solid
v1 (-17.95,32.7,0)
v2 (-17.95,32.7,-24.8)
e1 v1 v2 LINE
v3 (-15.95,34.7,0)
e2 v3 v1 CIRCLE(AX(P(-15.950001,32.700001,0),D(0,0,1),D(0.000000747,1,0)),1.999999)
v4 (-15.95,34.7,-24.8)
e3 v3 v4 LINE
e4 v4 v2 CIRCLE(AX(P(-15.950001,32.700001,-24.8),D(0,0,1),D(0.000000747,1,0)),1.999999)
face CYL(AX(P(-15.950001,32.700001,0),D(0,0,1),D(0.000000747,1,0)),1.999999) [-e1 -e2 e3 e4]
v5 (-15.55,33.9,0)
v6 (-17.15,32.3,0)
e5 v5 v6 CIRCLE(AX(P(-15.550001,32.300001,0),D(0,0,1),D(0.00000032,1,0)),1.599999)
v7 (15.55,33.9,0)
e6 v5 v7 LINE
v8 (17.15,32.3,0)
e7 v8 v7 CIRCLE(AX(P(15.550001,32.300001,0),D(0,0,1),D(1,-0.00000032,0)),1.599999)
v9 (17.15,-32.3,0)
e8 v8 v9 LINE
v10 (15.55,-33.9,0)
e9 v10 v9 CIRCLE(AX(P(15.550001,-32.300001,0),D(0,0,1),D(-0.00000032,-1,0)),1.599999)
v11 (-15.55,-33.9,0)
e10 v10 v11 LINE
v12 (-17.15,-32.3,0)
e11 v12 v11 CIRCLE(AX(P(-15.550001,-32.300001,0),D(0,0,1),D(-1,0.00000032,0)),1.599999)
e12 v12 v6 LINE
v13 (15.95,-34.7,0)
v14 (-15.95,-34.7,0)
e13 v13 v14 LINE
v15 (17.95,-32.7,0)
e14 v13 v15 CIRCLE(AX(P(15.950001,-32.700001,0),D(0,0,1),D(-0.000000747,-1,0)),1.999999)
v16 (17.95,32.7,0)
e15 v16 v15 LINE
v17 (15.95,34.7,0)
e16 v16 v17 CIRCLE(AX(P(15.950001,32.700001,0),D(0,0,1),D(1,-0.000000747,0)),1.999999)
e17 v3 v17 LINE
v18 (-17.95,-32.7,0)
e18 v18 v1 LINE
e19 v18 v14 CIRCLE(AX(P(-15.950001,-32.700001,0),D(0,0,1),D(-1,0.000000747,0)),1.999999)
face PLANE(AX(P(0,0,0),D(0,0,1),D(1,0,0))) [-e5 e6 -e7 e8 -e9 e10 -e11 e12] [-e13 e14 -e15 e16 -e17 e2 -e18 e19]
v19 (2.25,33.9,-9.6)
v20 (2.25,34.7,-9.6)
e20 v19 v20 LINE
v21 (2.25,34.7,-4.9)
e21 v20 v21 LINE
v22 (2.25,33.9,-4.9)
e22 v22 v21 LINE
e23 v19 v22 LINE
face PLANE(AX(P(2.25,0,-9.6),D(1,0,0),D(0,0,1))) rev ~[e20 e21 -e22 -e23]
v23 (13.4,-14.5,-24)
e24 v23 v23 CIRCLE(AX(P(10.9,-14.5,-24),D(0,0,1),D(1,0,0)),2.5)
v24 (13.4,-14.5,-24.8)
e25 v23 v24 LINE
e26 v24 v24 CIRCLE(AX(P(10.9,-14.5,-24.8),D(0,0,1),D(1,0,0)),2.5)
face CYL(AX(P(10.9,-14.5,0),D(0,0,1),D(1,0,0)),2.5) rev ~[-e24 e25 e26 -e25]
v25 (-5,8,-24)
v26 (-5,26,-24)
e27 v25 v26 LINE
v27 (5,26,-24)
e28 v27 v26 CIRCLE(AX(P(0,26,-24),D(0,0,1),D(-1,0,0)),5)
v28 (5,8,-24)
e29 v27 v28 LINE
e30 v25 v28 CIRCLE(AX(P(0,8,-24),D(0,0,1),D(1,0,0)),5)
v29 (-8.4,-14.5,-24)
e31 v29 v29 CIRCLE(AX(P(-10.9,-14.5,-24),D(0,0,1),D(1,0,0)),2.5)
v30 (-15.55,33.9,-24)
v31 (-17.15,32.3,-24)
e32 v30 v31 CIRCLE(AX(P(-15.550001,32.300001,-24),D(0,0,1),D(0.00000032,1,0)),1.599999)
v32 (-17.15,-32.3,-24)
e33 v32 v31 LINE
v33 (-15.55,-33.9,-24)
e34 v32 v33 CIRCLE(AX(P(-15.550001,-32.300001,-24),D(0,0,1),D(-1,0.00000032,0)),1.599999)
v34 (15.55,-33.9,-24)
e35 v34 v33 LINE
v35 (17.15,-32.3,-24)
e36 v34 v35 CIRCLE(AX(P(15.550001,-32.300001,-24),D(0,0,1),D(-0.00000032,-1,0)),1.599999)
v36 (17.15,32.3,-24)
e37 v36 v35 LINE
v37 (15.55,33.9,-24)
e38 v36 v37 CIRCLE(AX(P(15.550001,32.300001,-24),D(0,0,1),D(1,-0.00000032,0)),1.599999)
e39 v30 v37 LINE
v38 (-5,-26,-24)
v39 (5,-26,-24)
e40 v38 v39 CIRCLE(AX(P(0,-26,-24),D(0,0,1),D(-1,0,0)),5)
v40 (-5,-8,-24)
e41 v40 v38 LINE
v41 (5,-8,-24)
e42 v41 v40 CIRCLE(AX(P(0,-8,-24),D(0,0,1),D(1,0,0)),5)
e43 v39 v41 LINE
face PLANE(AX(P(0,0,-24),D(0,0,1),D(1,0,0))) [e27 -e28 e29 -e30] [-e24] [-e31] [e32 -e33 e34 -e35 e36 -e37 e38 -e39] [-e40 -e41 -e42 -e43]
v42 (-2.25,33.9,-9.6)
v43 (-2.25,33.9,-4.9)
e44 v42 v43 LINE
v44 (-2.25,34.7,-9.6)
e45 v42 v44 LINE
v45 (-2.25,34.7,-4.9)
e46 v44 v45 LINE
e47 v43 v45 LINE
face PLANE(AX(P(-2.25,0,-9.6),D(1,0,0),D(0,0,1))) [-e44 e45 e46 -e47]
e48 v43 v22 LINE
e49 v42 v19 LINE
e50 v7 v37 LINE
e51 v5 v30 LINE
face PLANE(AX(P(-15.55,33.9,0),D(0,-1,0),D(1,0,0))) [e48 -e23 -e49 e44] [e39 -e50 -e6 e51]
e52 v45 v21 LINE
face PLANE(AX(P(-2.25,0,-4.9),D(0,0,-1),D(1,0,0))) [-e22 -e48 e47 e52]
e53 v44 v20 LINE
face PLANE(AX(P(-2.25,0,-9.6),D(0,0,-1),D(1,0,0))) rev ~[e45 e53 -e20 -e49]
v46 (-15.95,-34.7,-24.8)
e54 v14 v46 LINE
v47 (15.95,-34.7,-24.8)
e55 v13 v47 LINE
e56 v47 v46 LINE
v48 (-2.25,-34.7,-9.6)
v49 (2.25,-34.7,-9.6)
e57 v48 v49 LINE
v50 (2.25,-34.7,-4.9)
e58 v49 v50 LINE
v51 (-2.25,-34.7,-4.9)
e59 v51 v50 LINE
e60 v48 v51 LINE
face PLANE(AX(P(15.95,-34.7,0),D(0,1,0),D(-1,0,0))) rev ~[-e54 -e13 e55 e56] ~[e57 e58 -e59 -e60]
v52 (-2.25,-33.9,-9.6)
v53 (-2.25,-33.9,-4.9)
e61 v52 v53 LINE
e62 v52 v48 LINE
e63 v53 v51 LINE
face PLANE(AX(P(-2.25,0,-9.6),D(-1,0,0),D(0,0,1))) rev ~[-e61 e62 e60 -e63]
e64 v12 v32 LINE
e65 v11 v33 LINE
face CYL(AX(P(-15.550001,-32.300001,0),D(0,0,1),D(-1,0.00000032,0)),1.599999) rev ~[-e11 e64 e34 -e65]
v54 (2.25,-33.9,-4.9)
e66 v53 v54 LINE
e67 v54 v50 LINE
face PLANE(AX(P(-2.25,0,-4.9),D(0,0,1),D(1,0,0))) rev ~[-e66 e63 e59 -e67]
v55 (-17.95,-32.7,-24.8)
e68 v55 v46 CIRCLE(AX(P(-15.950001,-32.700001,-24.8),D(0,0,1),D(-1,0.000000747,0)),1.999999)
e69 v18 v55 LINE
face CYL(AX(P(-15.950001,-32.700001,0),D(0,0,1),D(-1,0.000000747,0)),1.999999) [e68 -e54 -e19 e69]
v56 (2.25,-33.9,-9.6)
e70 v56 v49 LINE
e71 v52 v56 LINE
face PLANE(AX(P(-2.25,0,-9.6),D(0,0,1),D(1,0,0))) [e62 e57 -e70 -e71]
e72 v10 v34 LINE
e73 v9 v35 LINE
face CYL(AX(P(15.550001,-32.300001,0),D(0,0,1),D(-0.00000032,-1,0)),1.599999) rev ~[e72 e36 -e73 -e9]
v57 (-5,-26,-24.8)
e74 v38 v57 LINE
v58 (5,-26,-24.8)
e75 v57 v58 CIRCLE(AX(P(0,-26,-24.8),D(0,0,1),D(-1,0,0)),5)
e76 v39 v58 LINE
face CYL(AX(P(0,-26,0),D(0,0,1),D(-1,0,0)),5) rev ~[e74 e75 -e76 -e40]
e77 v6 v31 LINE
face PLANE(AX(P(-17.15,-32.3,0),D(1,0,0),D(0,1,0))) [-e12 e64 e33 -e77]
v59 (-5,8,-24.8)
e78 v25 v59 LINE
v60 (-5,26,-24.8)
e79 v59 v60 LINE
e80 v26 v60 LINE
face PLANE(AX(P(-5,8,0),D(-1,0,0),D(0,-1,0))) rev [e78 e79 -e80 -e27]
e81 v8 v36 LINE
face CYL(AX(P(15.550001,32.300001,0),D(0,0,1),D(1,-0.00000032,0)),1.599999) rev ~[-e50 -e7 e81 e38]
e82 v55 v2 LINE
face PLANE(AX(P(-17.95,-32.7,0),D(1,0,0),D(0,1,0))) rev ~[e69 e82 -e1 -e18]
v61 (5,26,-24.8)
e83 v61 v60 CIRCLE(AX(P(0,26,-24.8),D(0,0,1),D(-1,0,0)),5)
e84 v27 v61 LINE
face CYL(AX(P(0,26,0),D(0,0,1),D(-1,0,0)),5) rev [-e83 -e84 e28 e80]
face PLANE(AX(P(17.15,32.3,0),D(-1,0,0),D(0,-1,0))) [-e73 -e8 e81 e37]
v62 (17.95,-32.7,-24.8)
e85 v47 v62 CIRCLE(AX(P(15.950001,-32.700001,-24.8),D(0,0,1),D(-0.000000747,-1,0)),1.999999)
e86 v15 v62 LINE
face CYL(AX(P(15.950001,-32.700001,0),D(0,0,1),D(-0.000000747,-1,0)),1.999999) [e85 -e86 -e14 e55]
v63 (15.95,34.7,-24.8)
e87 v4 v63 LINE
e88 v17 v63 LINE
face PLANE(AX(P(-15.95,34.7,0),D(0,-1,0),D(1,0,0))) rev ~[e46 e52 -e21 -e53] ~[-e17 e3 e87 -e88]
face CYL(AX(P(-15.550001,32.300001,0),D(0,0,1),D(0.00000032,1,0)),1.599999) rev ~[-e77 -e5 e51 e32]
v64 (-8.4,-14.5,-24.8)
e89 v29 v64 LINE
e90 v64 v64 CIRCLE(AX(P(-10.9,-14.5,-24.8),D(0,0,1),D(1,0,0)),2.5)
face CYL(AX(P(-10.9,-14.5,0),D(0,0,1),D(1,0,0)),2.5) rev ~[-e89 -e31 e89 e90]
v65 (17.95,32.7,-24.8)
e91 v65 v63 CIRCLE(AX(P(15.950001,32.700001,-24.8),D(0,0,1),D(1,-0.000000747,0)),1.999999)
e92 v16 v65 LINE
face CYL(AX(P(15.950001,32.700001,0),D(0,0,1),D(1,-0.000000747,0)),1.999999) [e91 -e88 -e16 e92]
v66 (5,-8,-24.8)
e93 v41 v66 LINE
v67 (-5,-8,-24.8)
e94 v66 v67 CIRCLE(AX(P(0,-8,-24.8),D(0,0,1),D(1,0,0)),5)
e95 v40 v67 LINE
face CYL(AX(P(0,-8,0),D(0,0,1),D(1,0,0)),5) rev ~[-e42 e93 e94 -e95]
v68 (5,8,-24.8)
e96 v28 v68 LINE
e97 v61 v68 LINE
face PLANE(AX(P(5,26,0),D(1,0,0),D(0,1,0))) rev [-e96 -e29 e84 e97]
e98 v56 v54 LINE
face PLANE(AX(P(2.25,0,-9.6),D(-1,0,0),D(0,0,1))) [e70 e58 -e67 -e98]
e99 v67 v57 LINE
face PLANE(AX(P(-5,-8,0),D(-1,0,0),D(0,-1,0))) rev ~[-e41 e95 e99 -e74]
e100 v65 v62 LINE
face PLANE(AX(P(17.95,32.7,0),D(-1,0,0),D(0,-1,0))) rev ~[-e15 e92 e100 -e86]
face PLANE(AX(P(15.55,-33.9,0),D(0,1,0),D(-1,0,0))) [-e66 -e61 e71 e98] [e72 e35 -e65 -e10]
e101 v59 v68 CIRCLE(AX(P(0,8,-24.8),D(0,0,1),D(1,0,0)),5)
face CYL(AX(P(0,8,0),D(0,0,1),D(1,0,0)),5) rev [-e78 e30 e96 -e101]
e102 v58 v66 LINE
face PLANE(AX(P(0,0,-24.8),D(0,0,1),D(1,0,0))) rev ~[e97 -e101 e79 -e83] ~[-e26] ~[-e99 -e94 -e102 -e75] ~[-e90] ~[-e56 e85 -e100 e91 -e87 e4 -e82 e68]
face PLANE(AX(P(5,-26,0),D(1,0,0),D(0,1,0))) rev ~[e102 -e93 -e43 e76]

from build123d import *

# Parameters (mm, degrees)
PAD_DEPTH            = 24.8
POCKET_DEPTH         = 24
SKETCH002_R          = 2.5
POCKET001_DEPTH      = 24.801
POCKET001_DEPTH_BACK = -0.001
POCKET002_DEPTH      = 188.754774
POCKET002_DEPTH_BACK = -163.954774
SKETCH004_W          = 4.5
SKETCH004_H          = 4.7
POCKET003_DEPTH      = 34.701
POCKET003_DEPTH_BACK = -34.701


with BuildPart() as part:
    # Sketch → Pad (new body)
    with BuildSketch(Plane.XY):
        with BuildLine():
            ThreePointArc((-15.95, 34.7), (-17.364214, 34.114214), (-17.95, 32.7))
            Line((-17.95, -32.7), (-17.95, 32.7))
            ThreePointArc((-17.95, -32.7), (-17.364214, -34.114214), (-15.95, -34.7))
            Line((15.95, -34.7), (-15.95, -34.7))
            ThreePointArc((15.95, -34.7), (17.364214, -34.114214), (17.95, -32.7))
            Line((17.95, 32.7), (17.95, -32.7))
            ThreePointArc((17.95, 32.7), (17.364214, 34.114214), (15.95, 34.7))
            Line((-15.95, 34.7), (15.95, 34.7))
        make_face()
    extrude(amount=-PAD_DEPTH)

    # Sketch001 → Pocket (cut)
    with BuildSketch(Plane.XY):
        with BuildLine():
            ThreePointArc((-15.55, 33.9), (-16.681371, 33.431371), (-17.15, 32.3))
            Line((-17.15, -32.3), (-17.15, 32.3))
            ThreePointArc((-17.15, -32.3), (-16.681371, -33.431371), (-15.55, -33.9))
            Line((15.55, -33.9), (-15.55, -33.9))
            ThreePointArc((15.55, -33.9), (16.681371, -33.431371), (17.15, -32.3))
            Line((17.15, 32.3), (17.15, -32.3))
            ThreePointArc((17.15, 32.3), (16.681371, 33.431371), (15.55, 33.9))
            Line((-15.55, 33.9), (15.55, 33.9))
        make_face()
    extrude(amount=-POCKET_DEPTH, mode=Mode.SUBTRACT)

    # Sketch002 → Pocket001 (cut, two sides)
    with BuildSketch(Plane.XY) as pocket001_sk:
        with Locations((10.9, -14.5)):
            Circle(SKETCH002_R)
        with Locations((-10.9, -14.5)):
            Circle(SKETCH002_R)
    extrude(amount=-POCKET001_DEPTH, mode=Mode.SUBTRACT)
    extrude(pocket001_sk.sketch, amount=-POCKET001_DEPTH_BACK, mode=Mode.SUBTRACT)

    # Sketch003 → Pocket002 (cut, two sides)
    with BuildSketch(Plane.XY) as pocket002_sk:
        with BuildLine():
            ThreePointArc((5, -8), (0, -3), (-5, -8))
            Line((-5, -8), (-5, -26))
            ThreePointArc((-5, -26), (0, -31), (5, -26))
            Line((5, -26), (5, -8))
        make_face()
    pocket002 = extrude(amount=-POCKET002_DEPTH, mode=Mode.SUBTRACT)
    extrude(pocket002_sk.sketch, amount=-POCKET002_DEPTH_BACK, mode=Mode.SUBTRACT)

    # Mirrored: Pocket002 across Sketch003 H_Axis
    add(pocket002.mirror(Plane.ZX), mode=Mode.SUBTRACT)

    # Sketch004 → Pocket003 (cut, two sides)
    with BuildSketch(Plane.XZ) as pocket003_sk:
        with Locations((0, -7.25)):
            Rectangle(SKETCH004_W, SKETCH004_H)
    extrude(amount=-POCKET003_DEPTH, mode=Mode.SUBTRACT)
    extrude(pocket003_sk.sketch, amount=-POCKET003_DEPTH_BACK, mode=Mode.SUBTRACT)


solid = part.part
